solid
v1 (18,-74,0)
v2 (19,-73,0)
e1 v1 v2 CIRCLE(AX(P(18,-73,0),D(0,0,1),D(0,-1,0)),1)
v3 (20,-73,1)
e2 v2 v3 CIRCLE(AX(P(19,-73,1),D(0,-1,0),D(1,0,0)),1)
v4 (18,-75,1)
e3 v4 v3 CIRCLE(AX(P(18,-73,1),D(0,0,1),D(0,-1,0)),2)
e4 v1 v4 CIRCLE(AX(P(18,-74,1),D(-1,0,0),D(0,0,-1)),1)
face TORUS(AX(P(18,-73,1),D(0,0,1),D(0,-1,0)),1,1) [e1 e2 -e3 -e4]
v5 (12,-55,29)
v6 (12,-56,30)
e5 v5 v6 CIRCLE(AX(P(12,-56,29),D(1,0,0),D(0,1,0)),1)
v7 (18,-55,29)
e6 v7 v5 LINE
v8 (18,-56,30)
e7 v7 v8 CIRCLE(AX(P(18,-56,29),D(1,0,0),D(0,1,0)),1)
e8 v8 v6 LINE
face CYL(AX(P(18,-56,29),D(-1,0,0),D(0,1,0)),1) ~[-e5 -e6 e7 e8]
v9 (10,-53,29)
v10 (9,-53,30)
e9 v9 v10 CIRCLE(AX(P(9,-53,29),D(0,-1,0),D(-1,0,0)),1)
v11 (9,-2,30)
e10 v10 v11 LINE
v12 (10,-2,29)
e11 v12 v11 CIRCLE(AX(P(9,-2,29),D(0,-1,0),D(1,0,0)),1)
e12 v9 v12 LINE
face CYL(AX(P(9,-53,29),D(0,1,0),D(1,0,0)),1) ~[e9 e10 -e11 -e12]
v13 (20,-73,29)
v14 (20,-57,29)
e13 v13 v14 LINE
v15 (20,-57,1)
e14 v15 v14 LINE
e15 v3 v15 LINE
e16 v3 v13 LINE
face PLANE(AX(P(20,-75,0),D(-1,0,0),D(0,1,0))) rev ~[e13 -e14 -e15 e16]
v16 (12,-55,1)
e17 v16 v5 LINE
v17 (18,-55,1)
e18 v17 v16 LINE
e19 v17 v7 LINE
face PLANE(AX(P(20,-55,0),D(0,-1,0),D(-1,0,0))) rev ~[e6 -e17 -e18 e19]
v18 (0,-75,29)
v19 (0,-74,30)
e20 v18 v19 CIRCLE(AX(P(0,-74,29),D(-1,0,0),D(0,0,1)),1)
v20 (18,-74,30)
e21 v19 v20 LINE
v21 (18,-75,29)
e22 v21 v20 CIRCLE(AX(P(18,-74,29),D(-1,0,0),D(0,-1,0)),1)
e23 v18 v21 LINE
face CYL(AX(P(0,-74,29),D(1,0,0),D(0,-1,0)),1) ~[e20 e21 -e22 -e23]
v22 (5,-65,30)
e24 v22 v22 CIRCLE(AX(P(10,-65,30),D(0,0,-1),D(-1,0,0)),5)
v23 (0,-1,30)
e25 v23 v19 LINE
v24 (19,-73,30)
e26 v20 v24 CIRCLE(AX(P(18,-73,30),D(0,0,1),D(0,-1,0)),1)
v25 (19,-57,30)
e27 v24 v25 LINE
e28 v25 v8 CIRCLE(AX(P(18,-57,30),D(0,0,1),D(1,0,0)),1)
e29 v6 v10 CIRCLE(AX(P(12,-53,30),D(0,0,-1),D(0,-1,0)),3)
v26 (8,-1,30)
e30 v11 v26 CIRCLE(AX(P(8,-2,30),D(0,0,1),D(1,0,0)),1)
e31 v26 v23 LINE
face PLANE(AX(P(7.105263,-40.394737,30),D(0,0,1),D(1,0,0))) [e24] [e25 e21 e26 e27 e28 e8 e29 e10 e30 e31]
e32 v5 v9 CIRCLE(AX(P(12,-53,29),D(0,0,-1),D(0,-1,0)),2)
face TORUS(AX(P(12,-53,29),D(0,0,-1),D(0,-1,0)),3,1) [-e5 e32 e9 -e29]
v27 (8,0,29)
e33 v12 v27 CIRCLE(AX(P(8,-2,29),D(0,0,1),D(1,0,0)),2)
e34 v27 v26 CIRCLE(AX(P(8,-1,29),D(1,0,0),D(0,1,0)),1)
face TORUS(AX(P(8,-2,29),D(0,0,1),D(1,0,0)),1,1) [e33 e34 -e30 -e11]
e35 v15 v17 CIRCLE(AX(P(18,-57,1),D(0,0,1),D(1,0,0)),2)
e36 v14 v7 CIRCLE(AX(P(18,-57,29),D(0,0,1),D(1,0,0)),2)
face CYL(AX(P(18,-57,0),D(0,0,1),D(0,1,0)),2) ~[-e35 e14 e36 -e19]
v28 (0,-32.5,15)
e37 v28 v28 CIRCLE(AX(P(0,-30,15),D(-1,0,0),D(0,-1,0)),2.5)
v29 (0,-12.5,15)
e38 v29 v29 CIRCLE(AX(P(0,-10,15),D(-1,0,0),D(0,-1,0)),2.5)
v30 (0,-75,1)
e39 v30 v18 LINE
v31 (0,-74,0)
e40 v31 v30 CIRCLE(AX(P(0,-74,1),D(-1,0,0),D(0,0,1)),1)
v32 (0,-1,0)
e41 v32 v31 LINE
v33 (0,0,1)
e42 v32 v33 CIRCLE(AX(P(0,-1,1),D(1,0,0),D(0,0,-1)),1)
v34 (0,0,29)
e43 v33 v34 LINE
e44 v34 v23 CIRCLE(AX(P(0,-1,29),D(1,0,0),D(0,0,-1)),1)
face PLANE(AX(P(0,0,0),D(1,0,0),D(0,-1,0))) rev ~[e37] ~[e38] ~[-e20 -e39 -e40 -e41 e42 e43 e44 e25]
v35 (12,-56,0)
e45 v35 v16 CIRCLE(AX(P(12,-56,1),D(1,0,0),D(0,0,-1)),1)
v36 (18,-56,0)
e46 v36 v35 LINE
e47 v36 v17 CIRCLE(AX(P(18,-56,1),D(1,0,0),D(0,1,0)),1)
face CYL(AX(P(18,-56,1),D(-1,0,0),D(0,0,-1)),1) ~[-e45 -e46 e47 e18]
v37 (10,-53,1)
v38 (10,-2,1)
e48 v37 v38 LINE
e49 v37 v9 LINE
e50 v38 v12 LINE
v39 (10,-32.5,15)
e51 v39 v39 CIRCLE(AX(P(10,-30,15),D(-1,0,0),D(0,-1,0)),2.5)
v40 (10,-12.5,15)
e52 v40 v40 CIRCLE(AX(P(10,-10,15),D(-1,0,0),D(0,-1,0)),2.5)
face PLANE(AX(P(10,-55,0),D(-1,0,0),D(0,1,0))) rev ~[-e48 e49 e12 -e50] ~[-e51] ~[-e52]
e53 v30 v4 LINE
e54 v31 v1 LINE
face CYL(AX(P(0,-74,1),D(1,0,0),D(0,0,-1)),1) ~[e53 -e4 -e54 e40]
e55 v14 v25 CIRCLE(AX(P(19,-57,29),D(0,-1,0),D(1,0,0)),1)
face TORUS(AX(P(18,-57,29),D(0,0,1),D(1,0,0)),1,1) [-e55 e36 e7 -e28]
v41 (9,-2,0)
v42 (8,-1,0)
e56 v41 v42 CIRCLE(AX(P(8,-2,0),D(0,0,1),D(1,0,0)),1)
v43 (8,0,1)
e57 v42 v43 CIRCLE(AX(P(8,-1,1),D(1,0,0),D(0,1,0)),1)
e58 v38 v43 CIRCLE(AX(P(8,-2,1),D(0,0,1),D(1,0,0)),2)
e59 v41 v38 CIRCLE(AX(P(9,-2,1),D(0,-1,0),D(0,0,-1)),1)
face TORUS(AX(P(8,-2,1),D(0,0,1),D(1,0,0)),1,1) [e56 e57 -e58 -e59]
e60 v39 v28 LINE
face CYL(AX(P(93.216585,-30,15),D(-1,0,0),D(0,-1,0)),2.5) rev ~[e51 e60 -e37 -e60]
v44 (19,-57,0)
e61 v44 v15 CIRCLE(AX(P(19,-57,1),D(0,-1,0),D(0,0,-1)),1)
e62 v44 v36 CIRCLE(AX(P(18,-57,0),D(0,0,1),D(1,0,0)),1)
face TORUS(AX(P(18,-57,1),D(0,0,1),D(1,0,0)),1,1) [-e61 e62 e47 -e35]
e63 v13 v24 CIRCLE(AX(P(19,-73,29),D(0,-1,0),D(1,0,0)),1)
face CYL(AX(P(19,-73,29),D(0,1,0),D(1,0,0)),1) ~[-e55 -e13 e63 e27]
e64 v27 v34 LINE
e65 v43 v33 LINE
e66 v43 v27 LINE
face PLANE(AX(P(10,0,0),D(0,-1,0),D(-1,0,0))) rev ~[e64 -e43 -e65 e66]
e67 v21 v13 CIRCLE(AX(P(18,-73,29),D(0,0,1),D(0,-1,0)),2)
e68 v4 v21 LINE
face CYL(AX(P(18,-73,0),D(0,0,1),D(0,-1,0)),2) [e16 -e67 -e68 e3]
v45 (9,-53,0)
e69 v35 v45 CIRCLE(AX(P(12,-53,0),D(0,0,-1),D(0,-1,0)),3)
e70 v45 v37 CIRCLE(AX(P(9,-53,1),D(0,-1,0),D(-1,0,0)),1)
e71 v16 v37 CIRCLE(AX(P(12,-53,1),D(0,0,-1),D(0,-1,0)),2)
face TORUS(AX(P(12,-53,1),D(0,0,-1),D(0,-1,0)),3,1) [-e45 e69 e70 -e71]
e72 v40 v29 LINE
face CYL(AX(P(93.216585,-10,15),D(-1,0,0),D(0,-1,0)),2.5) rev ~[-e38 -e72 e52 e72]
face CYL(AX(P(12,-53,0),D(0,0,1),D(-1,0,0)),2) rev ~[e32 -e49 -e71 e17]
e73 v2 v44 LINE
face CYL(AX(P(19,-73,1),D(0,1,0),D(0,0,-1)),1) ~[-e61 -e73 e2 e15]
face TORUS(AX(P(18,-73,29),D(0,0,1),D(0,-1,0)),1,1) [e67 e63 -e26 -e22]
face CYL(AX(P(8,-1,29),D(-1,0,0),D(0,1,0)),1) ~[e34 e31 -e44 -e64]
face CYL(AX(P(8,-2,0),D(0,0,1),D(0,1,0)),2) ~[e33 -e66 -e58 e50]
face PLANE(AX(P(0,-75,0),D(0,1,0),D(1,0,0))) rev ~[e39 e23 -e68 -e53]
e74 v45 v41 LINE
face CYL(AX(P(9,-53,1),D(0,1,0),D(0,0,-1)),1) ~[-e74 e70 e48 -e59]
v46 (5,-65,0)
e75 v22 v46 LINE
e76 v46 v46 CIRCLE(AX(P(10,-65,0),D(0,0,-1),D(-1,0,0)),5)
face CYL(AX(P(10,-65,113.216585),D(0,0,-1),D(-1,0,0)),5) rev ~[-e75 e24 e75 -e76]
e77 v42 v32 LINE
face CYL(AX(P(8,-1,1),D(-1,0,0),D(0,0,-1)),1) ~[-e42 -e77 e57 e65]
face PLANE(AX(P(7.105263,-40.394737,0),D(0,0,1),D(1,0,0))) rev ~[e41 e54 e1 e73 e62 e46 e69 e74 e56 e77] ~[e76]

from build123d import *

# Parameters (mm, degrees)
F1_DEPTH = 30
F3_D     = 10
F5_D     = 5
F7_D     = 5
F8_R     = 2
F9_R     = 1


with BuildPart() as f1:
    # F0 (on Top) → F1 (new body)
    with BuildSketch(Plane.XY):
        Polygon((10, 0), (0, 0), (0, -75), (20, -75), (20, -55), (10, -55), align=None)
    extrude(amount=F1_DEPTH)

    # F3 (through all)
    with Locations(Plane.XY.offset(30)):
        with Locations((10, -65)):
            Hole(F3_D / 2)

    # F5 (through all)
    with Locations(Plane.YZ.offset(10)):
        with Locations((-10, 15)):
            Hole(F5_D / 2)

    # F7 (through all)
    with Locations(Plane.YZ.offset(10)):
        with Locations((-30, 15)):
            Hole(F7_D / 2)

    # F8
    f8_edges = [f1.edges().sort_by_distance(p)[0] for p in [
        (10, 0, 15),
        (20, -55, 15),
        (10, -55, 15),
        (20, -75, 15),
    ]]
    fillet(f8_edges, radius=F8_R)

    # F9
    f9_edges = [f1.edges().sort_by_distance(p)[0] for p in [
        (4, 0, 30),
        (10, -27.5, 0),
    ]]
    fillet(f9_edges, radius=F9_R)


solid = f1.part
